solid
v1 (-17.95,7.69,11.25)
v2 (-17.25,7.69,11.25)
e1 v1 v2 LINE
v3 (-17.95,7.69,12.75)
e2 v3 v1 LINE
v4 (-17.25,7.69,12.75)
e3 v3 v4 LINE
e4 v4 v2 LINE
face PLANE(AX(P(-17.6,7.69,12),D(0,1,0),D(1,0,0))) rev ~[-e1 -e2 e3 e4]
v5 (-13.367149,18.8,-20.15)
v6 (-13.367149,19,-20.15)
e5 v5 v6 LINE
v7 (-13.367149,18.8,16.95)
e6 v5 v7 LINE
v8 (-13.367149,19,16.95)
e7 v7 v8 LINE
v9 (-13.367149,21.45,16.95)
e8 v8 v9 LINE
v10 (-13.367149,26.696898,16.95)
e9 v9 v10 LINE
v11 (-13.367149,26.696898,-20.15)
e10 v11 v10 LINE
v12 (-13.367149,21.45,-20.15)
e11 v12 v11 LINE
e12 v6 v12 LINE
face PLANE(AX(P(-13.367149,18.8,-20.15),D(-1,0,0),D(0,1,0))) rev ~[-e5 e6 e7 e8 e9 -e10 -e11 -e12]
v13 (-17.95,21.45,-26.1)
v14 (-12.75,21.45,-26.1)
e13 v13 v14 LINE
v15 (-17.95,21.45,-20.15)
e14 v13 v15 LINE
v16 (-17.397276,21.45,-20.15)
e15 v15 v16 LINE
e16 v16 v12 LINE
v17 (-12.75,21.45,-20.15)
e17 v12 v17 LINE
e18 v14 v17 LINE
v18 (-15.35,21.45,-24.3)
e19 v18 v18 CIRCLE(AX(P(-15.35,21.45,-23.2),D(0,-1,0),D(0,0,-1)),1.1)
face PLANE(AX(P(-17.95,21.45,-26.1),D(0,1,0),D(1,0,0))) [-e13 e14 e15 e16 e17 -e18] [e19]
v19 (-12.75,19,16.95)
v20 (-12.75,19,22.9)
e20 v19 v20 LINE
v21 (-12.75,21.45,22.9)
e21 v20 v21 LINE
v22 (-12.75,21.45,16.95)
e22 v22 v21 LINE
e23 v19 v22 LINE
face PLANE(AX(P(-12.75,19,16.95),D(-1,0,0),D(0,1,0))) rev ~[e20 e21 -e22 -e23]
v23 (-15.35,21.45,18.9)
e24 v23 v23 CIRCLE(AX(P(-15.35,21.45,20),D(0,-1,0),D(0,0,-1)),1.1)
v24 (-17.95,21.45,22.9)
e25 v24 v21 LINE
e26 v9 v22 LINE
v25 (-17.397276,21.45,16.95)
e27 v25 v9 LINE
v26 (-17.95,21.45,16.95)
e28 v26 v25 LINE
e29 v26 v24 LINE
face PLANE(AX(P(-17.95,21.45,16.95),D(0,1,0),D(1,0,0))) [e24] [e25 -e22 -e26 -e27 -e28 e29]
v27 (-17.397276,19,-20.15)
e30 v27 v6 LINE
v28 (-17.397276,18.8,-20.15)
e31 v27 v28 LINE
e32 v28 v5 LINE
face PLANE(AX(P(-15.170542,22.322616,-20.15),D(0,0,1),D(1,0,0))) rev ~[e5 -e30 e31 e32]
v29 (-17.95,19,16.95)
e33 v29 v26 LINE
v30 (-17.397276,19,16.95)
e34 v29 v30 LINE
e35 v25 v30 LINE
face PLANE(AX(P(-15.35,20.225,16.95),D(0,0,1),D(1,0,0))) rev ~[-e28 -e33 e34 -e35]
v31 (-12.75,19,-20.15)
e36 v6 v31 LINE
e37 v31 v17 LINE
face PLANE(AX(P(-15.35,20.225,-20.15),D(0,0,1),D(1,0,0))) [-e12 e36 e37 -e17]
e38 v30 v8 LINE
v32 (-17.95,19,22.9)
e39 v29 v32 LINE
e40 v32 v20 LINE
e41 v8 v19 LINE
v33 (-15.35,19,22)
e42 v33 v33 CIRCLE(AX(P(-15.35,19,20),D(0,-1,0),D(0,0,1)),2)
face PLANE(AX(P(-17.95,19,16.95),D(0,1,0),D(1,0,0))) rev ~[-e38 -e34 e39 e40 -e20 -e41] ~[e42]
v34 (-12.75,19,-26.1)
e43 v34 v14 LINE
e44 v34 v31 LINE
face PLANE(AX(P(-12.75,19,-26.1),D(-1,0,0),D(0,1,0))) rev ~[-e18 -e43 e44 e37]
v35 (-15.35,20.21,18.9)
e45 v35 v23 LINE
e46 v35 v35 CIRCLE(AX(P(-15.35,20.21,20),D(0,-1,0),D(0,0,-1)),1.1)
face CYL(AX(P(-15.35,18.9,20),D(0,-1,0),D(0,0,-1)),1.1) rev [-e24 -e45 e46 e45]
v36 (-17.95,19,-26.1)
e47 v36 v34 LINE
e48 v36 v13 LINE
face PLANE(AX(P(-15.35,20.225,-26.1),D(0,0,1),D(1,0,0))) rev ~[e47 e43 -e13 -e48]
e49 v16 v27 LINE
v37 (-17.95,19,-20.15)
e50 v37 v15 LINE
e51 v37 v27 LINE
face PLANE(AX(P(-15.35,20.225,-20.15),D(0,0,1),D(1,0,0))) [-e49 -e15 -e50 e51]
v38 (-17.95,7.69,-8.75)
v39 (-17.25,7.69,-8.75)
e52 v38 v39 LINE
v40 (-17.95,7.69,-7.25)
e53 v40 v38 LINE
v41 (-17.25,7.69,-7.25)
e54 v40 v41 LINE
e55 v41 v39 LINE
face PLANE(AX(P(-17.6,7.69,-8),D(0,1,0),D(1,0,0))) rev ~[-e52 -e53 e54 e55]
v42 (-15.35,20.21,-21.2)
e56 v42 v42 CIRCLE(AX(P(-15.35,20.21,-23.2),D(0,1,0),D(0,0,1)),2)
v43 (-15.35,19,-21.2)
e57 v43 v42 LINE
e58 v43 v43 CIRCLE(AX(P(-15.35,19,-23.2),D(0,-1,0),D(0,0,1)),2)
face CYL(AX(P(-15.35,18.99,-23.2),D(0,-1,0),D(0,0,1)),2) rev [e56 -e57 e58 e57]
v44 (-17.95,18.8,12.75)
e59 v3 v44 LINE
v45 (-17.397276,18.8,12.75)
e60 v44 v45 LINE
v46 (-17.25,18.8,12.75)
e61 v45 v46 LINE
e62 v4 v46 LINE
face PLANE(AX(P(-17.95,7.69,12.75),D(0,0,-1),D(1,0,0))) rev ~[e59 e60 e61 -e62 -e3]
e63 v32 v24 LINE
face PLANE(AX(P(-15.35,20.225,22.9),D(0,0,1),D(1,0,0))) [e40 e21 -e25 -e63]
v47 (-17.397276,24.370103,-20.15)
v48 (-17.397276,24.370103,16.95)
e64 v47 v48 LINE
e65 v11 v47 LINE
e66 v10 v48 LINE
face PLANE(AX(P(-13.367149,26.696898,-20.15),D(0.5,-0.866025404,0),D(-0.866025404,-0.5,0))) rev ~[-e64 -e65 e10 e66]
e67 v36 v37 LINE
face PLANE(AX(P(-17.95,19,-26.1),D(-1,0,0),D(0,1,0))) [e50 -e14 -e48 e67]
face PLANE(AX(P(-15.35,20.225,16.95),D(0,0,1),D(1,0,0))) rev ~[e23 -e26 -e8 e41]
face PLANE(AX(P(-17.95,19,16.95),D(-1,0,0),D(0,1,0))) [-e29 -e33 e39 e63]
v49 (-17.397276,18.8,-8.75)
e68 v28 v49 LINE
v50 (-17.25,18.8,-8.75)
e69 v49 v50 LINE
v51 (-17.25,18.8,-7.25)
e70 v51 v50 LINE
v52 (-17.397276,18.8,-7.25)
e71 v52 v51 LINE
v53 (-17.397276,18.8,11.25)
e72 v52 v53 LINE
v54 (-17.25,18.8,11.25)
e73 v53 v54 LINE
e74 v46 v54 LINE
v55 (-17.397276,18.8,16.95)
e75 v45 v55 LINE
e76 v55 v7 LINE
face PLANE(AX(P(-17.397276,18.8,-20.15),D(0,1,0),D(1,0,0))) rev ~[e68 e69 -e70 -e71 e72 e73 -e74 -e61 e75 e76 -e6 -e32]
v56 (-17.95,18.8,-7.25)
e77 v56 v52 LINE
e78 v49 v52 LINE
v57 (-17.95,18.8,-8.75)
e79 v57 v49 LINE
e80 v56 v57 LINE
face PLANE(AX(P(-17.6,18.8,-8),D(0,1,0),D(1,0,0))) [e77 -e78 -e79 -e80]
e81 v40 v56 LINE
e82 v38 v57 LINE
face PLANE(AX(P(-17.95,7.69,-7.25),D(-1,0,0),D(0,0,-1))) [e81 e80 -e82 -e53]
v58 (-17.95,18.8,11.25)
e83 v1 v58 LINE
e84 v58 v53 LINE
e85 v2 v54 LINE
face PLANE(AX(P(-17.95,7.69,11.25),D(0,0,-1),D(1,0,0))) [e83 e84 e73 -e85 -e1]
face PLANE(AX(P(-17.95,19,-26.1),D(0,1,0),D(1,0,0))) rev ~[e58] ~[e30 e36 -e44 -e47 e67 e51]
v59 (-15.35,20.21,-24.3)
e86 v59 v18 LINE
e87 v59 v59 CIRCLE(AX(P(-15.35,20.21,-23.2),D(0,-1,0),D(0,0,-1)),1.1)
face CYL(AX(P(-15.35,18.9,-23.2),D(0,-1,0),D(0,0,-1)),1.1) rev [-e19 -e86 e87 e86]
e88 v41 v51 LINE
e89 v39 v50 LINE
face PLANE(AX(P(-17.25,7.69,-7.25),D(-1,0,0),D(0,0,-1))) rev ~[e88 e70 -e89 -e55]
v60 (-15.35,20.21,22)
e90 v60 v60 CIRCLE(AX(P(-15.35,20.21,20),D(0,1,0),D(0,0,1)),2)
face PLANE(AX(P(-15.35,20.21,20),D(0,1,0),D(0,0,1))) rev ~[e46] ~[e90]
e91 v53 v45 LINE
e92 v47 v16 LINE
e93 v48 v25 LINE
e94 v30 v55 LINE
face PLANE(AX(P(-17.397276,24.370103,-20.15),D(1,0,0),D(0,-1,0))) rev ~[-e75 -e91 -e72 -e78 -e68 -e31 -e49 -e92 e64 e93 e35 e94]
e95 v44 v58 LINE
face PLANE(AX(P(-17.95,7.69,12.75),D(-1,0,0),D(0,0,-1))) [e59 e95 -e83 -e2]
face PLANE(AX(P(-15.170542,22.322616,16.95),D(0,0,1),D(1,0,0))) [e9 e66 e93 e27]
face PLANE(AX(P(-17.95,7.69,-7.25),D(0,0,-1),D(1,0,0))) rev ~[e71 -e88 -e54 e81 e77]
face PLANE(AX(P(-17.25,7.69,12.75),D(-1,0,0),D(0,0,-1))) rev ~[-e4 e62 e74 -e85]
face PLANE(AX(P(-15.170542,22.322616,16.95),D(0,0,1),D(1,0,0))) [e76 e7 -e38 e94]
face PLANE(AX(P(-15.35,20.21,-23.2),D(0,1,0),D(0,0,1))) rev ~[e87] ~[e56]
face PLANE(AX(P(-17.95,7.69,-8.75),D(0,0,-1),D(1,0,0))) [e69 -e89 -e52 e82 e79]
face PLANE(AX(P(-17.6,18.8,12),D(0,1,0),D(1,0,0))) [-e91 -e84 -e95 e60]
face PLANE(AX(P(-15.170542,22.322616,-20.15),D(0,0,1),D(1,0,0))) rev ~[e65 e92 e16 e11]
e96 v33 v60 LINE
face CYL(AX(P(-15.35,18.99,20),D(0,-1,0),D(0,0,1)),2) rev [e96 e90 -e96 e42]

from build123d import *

# Parameters (mm, degrees)
CLAMP_START          = -20.15
CLAMP_X_COVER_DEPTH  = 37.1
EAR_START            = -26.1
SKETCH2_W            = 5.2
SKETCH2_H            = 2.45
EAR_X_COVER_26_DEPTH = 5.95
EAR_START_2          = 16.95
SKETCH3_W            = 5.2
SKETCH3_H            = 2.45
EAR_X_COVER_17_DEPTH = 5.95
CUT_EXTRUDE1_START   = 18.9
SKETCH4_R            = 1.1
CUT_EXTRUDE1_DEPTH   = 2.65
CUT_EXTRUDE2_START   = 18.99
SKETCH5_R            = 2
CUT_EXTRUDE2_DEPTH   = 1.22
BOSS_EXTRUDE4_START  = 7.69
SKETCH6_W            = 0.7
SKETCH6_H            = 1.5
BOSS_EXTRUDE4_DEPTH  = 11.11
BOSS_EXTRUDE5_START  = 7.69
SKETCH7_W            = 0.7
SKETCH7_H            = 1.5
BOSS_EXTRUDE5_DEPTH  = 11.11


with BuildPart() as part:
    # Sketch1 → Clamp -X cover (new body)
    with BuildSketch(Plane.XY.offset(CLAMP_START)):
        Polygon((-17.397275866, 18.8), (-13.367148847, 18.8), (-13.367148847, 26.696897507), (-17.397275866, 24.370102587), align=None)
    extrude(amount=CLAMP_X_COVER_DEPTH)

    # Sketch2 → Ear -X cover -26 (add)
    with BuildSketch(Plane.XY.offset(EAR_START)):
        with Locations((-15.35, 20.225)):
            Rectangle(SKETCH2_W, SKETCH2_H)
    extrude(amount=EAR_X_COVER_26_DEPTH)

    # Sketch3 → Ear -X cover 17 (add)
    with BuildSketch(Plane.XY.offset(EAR_START_2)):
        with Locations((-15.35, 20.225)):
            Rectangle(SKETCH3_W, SKETCH3_H)
    extrude(amount=EAR_X_COVER_17_DEPTH)

    # Sketch4 → Cut-Extrude1 (cut)
    with BuildSketch(Plane(origin=(0, 0, 0), x_dir=(1, 0, 0), z_dir=(0, 1, 0)).offset(CUT_EXTRUDE1_START)):
        with Locations(Location((-15.35, 23.2, 0), (0, 0, 90))):
            Circle(SKETCH4_R)
        with Locations(Location((-15.35, -20, 0), (0, 0, 90))):
            Circle(SKETCH4_R)
    extrude(amount=CUT_EXTRUDE1_DEPTH, mode=Mode.SUBTRACT)

    # Sketch5 → Cut-Extrude2 (cut)
    with BuildSketch(Plane(origin=(0, 0, 0), x_dir=(1, 0, 0), z_dir=(0, 1, 0)).offset(CUT_EXTRUDE2_START)):
        with Locations(Location((-15.35, 23.2, 0), (0, 0, 270))):
            Circle(SKETCH5_R)
        with Locations(Location((-15.35, -20, 0), (0, 0, 270))):
            Circle(SKETCH5_R)
    extrude(amount=CUT_EXTRUDE2_DEPTH, mode=Mode.SUBTRACT)

    # Sketch6 → Boss-Extrude4 (add)
    with BuildSketch(Plane(origin=(0, 0, 0), x_dir=(1, 0, 0), z_dir=(0, 1, 0)).offset(BOSS_EXTRUDE4_START)):
        with Locations((-17.6, 8)):
            Rectangle(SKETCH6_W, SKETCH6_H)
    extrude(amount=BOSS_EXTRUDE4_DEPTH)

    # Sketch7 → Boss-Extrude5 (add)
    with BuildSketch(Plane(origin=(0, 0, 0), x_dir=(1, 0, 0), z_dir=(0, 1, 0)).offset(BOSS_EXTRUDE5_START)):
        with Locations((-17.6, -12)):
            Rectangle(SKETCH7_W, SKETCH7_H)
    extrude(amount=BOSS_EXTRUDE5_DEPTH)


solid = part.part
